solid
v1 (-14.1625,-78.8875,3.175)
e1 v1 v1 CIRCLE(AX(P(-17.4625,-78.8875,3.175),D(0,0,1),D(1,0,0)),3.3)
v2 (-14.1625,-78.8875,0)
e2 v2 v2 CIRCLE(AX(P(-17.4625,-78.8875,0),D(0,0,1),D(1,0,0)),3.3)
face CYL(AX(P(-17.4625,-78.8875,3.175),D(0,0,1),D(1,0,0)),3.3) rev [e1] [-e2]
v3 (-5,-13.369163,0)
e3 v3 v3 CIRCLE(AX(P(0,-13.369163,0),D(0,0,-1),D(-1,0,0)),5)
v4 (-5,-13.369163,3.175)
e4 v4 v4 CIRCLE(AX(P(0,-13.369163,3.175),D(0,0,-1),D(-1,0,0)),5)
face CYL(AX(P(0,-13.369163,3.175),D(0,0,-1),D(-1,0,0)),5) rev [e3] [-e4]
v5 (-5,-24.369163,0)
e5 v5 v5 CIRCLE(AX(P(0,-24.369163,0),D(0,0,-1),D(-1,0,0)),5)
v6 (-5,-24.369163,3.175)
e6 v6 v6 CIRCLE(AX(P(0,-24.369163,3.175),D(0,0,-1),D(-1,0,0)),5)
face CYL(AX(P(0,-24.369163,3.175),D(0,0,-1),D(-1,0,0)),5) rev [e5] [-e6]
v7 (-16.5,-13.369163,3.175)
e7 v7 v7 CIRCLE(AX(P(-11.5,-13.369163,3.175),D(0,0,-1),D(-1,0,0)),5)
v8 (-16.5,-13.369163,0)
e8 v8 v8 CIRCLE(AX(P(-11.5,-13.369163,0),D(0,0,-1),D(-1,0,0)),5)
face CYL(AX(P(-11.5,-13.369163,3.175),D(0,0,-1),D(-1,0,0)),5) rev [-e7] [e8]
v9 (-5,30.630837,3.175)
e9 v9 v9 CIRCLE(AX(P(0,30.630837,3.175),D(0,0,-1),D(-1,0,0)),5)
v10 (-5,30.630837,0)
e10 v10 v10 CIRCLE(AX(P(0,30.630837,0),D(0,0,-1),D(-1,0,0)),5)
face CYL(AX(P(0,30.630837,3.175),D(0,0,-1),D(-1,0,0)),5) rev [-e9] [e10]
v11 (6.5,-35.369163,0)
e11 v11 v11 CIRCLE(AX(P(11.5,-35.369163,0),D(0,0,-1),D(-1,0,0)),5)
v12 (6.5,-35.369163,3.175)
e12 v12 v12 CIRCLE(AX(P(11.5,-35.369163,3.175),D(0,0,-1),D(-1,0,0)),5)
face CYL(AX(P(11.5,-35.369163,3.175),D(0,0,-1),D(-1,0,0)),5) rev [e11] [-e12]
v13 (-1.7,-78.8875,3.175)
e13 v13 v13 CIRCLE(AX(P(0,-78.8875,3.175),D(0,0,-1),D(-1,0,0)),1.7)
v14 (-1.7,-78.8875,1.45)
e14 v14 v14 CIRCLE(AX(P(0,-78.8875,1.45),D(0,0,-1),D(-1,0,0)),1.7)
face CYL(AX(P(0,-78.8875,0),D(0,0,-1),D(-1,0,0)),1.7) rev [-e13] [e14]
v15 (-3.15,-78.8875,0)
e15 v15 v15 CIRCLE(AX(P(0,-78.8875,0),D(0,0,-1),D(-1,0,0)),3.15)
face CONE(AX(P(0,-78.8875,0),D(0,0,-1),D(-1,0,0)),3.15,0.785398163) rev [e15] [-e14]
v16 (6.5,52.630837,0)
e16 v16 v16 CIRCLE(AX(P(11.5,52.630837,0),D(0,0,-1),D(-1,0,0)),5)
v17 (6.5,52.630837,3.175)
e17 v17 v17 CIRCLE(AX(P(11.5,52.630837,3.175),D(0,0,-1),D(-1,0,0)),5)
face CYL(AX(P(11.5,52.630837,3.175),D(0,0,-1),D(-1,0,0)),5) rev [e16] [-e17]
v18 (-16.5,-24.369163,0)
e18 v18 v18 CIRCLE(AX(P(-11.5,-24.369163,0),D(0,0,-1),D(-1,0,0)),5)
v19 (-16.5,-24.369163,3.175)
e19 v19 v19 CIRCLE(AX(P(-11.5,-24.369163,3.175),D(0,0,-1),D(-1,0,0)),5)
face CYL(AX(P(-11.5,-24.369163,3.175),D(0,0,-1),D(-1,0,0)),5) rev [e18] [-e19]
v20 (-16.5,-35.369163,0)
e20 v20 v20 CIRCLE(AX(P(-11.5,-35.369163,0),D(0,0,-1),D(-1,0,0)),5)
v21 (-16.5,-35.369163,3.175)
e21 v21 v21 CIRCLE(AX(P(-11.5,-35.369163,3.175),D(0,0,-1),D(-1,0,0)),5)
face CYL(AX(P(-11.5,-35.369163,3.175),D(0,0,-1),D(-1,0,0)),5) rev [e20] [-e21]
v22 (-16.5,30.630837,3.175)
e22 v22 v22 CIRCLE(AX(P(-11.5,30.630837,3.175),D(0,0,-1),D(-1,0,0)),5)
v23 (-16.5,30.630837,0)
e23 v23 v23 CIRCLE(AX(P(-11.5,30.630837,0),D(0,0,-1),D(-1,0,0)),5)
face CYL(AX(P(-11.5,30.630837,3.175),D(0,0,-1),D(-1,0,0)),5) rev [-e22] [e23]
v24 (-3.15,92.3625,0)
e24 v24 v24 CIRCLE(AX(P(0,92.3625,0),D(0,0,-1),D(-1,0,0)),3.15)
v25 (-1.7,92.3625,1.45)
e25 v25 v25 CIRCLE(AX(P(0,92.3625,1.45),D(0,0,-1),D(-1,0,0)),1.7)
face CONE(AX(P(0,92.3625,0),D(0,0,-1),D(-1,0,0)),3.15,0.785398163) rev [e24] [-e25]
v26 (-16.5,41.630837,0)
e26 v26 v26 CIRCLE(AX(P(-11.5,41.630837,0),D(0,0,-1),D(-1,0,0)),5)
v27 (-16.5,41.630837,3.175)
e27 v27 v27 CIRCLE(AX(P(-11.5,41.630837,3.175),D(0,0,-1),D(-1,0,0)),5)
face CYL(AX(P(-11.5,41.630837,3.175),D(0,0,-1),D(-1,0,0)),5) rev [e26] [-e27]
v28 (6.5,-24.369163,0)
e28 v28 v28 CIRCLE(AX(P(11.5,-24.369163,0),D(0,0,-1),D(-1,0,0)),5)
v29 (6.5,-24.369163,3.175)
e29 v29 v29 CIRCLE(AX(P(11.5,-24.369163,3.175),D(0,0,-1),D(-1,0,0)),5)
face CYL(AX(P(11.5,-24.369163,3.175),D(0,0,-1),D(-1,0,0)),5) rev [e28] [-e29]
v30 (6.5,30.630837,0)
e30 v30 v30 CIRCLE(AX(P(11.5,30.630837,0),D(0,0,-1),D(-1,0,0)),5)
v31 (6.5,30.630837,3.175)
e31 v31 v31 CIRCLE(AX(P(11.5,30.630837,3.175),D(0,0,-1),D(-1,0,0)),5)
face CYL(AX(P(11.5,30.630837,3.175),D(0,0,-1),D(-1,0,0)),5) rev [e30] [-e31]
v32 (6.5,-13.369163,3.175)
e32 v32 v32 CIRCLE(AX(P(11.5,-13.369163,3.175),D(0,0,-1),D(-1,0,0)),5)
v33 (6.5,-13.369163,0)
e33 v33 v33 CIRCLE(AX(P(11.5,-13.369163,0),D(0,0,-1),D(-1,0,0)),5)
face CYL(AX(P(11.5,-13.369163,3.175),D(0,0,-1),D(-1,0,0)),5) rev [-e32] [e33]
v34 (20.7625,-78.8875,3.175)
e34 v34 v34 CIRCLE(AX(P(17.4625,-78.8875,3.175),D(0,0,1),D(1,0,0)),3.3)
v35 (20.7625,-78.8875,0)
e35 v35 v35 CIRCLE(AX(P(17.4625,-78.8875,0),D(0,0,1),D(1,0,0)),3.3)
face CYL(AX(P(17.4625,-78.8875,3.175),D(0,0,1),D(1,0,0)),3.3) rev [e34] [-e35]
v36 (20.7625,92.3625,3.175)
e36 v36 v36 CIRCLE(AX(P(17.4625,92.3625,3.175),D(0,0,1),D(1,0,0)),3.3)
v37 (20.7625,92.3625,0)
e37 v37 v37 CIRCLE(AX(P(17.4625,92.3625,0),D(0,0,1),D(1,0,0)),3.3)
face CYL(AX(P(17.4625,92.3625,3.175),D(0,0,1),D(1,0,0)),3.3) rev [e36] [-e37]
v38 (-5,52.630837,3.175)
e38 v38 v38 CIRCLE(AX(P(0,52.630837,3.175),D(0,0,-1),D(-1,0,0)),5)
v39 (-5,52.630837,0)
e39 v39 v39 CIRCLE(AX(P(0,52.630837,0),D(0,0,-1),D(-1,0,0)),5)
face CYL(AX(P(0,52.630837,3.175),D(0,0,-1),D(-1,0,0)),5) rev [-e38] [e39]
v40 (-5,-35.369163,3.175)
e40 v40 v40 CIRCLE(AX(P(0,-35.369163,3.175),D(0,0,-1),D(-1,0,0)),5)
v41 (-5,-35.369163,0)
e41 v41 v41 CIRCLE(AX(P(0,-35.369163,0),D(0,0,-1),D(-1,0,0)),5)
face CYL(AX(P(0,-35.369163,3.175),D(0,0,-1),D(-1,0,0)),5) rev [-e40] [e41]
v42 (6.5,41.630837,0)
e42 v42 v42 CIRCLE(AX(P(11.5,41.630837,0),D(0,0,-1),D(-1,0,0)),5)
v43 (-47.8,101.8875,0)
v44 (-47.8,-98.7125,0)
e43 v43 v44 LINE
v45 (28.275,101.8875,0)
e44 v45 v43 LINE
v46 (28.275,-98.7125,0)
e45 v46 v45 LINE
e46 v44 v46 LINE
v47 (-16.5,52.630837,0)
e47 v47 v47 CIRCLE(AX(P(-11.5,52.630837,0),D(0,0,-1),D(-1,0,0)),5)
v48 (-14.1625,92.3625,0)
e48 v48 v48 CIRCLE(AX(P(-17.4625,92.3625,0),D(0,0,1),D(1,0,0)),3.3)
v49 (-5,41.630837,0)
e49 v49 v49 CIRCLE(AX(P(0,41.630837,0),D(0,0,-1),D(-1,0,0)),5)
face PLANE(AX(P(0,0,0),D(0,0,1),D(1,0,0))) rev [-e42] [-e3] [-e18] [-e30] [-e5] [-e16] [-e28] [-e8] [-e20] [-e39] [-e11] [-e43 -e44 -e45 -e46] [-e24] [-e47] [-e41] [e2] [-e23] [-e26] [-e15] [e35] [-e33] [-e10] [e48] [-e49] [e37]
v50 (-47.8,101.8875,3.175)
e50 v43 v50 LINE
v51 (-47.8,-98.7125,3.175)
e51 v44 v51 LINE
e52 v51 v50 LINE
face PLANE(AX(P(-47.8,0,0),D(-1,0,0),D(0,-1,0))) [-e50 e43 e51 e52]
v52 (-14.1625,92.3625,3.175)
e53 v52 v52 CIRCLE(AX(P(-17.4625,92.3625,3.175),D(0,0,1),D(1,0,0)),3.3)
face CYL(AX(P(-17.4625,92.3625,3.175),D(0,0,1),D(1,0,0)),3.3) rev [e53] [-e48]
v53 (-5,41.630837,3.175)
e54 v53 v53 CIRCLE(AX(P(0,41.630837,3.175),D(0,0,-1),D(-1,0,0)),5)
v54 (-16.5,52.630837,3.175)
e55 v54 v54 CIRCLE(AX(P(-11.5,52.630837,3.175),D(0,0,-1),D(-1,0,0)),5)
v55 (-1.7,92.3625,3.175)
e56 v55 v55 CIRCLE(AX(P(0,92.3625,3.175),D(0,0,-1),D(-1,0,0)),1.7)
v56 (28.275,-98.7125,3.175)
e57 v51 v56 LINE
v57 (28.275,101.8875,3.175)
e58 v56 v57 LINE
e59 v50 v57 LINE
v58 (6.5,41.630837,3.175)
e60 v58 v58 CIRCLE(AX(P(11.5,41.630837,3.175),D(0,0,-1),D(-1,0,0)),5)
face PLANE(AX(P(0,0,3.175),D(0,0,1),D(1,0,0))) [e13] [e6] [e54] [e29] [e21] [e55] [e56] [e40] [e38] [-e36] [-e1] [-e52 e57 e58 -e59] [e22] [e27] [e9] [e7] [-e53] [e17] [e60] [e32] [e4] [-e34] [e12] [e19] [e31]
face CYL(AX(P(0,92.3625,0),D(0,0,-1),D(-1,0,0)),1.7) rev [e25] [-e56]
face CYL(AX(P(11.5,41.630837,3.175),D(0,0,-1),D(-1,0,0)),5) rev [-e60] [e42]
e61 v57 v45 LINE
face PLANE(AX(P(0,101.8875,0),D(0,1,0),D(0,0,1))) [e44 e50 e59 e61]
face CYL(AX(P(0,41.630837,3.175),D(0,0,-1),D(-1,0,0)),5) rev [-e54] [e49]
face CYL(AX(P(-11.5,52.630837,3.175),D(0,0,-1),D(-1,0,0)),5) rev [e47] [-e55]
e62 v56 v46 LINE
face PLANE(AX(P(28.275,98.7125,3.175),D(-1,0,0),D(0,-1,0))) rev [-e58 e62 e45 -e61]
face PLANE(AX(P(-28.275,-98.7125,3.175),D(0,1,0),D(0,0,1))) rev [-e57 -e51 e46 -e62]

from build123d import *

# Parameters (mm, degrees)
SKETCH1_W                                       = 56.55
SKETCH1_H                                       = 197.425
BOSS_EXTRUDE1_DEPTH                             = 3.175
SKETCH2_R                                       = 5
CUT_EXTRUDE1_DEPTH                              = 103.731270343
SKETCH5_W                                       = 3.175
SKETCH5_H                                       = 197.425
BOSS_EXTRUDE2_DEPTH                             = 19.525
SKETCH14_W                                      = 76.075
SKETCH14_H                                      = 3.175
BOSS_EXTRUDE3_DEPTH                             = 3.175
M6_CLEARANCE_HOLE1_D                            = 6.6
CSK_FOR_M3_FLAT_HEAD_MACHINE_SCREW5_D           = 3.4
CSK_FOR_M3_FLAT_HEAD_MACHINE_SCREW5_CSINK_D     = 6.3
CSK_FOR_M3_FLAT_HEAD_MACHINE_SCREW5_CSINK_ANGLE = 90


with BuildPart() as part:
    # Sketch1 → Boss-Extrude1 (new body)
    with BuildSketch(Plane.XY):
        Rectangle(SKETCH1_W, SKETCH1_H)
    extrude(amount=BOSS_EXTRUDE1_DEPTH)

    # Sketch2 → Cut-Extrude1 (cut, through all)
    with BuildSketch(Plane(origin=(0, 0, 0), x_dir=(-1, 0, 0), z_dir=(0, 0, -1))):
        with Locations((-11.5, 30.630837161)):
            Circle(SKETCH2_R)
        with Locations((-11.5, 52.630837161)):
            Circle(SKETCH2_R)
        with Locations((-11.5, 41.630837161)):
            Circle(SKETCH2_R)
        with Locations((0, 52.630837161)):
            Circle(SKETCH2_R)
        with Locations((0, 41.630837161)):
            Circle(SKETCH2_R)
        with Locations((0, 30.630837161)):
            Circle(SKETCH2_R)
        with Locations((11.5, 30.630837161)):
            Circle(SKETCH2_R)
        with Locations((11.5, 41.630837161)):
            Circle(SKETCH2_R)
        with Locations((11.5, 52.630837161)):
            Circle(SKETCH2_R)
        with Locations((-11.5, -35.369162839)):
            Circle(SKETCH2_R)
        with Locations((-11.5, -13.369162839)):
            Circle(SKETCH2_R)
        with Locations((-11.5, -24.369162839)):
            Circle(SKETCH2_R)
        with Locations((0, -13.369162839)):
            Circle(SKETCH2_R)
        with Locations((0, -24.369162839)):
            Circle(SKETCH2_R)
        with Locations((0, -35.369162839)):
            Circle(SKETCH2_R)
        with Locations((11.5, -35.369162839)):
            Circle(SKETCH2_R)
        with Locations((11.5, -13.369162839)):
            Circle(SKETCH2_R)
        with Locations((11.5, -24.369162839)):
            Circle(SKETCH2_R)
    extrude(amount=-CUT_EXTRUDE1_DEPTH, mode=Mode.SUBTRACT)

    # Sketch5 → Boss-Extrude2 (add)
    with BuildSketch(Plane.ZY.offset(28.275)):
        with Locations((1.5875, 0)):
            Rectangle(SKETCH5_W, SKETCH5_H)
    extrude(amount=BOSS_EXTRUDE2_DEPTH)

    # Sketch14 → Boss-Extrude3 (add)
    with BuildSketch(Plane(origin=(0, 98.7125, 0), x_dir=(1, 0, 0), z_dir=(0, 1, 0))):
        with Locations((-9.7625, -1.5875)):
            Rectangle(SKETCH14_W, SKETCH14_H)
    extrude(amount=BOSS_EXTRUDE3_DEPTH)

    # M6 Clearance Hole1 (through all)
    with Locations(Plane.XY.offset(3.175)):
        with Locations((-17.4625, 92.3625001), (17.4625, 92.3625001), (17.4625, -78.8874999), (-17.4625, -78.8874999)):
            Hole(M6_CLEARANCE_HOLE1_D / 2)

    # CSK for M3 Flat Head Machine Screw5 (through all)
    with Locations(Plane(origin=(0, 0, 0), x_dir=(-1, 0, 0), z_dir=(0, 0, -1))):
        with Locations((0, -78.8874999), (0, 92.3625001)):
            CounterSinkHole(CSK_FOR_M3_FLAT_HEAD_MACHINE_SCREW5_D / 2, CSK_FOR_M3_FLAT_HEAD_MACHINE_SCREW5_CSINK_D / 2, counter_sink_angle=CSK_FOR_M3_FLAT_HEAD_MACHINE_SCREW5_CSINK_ANGLE)


solid = part.part
